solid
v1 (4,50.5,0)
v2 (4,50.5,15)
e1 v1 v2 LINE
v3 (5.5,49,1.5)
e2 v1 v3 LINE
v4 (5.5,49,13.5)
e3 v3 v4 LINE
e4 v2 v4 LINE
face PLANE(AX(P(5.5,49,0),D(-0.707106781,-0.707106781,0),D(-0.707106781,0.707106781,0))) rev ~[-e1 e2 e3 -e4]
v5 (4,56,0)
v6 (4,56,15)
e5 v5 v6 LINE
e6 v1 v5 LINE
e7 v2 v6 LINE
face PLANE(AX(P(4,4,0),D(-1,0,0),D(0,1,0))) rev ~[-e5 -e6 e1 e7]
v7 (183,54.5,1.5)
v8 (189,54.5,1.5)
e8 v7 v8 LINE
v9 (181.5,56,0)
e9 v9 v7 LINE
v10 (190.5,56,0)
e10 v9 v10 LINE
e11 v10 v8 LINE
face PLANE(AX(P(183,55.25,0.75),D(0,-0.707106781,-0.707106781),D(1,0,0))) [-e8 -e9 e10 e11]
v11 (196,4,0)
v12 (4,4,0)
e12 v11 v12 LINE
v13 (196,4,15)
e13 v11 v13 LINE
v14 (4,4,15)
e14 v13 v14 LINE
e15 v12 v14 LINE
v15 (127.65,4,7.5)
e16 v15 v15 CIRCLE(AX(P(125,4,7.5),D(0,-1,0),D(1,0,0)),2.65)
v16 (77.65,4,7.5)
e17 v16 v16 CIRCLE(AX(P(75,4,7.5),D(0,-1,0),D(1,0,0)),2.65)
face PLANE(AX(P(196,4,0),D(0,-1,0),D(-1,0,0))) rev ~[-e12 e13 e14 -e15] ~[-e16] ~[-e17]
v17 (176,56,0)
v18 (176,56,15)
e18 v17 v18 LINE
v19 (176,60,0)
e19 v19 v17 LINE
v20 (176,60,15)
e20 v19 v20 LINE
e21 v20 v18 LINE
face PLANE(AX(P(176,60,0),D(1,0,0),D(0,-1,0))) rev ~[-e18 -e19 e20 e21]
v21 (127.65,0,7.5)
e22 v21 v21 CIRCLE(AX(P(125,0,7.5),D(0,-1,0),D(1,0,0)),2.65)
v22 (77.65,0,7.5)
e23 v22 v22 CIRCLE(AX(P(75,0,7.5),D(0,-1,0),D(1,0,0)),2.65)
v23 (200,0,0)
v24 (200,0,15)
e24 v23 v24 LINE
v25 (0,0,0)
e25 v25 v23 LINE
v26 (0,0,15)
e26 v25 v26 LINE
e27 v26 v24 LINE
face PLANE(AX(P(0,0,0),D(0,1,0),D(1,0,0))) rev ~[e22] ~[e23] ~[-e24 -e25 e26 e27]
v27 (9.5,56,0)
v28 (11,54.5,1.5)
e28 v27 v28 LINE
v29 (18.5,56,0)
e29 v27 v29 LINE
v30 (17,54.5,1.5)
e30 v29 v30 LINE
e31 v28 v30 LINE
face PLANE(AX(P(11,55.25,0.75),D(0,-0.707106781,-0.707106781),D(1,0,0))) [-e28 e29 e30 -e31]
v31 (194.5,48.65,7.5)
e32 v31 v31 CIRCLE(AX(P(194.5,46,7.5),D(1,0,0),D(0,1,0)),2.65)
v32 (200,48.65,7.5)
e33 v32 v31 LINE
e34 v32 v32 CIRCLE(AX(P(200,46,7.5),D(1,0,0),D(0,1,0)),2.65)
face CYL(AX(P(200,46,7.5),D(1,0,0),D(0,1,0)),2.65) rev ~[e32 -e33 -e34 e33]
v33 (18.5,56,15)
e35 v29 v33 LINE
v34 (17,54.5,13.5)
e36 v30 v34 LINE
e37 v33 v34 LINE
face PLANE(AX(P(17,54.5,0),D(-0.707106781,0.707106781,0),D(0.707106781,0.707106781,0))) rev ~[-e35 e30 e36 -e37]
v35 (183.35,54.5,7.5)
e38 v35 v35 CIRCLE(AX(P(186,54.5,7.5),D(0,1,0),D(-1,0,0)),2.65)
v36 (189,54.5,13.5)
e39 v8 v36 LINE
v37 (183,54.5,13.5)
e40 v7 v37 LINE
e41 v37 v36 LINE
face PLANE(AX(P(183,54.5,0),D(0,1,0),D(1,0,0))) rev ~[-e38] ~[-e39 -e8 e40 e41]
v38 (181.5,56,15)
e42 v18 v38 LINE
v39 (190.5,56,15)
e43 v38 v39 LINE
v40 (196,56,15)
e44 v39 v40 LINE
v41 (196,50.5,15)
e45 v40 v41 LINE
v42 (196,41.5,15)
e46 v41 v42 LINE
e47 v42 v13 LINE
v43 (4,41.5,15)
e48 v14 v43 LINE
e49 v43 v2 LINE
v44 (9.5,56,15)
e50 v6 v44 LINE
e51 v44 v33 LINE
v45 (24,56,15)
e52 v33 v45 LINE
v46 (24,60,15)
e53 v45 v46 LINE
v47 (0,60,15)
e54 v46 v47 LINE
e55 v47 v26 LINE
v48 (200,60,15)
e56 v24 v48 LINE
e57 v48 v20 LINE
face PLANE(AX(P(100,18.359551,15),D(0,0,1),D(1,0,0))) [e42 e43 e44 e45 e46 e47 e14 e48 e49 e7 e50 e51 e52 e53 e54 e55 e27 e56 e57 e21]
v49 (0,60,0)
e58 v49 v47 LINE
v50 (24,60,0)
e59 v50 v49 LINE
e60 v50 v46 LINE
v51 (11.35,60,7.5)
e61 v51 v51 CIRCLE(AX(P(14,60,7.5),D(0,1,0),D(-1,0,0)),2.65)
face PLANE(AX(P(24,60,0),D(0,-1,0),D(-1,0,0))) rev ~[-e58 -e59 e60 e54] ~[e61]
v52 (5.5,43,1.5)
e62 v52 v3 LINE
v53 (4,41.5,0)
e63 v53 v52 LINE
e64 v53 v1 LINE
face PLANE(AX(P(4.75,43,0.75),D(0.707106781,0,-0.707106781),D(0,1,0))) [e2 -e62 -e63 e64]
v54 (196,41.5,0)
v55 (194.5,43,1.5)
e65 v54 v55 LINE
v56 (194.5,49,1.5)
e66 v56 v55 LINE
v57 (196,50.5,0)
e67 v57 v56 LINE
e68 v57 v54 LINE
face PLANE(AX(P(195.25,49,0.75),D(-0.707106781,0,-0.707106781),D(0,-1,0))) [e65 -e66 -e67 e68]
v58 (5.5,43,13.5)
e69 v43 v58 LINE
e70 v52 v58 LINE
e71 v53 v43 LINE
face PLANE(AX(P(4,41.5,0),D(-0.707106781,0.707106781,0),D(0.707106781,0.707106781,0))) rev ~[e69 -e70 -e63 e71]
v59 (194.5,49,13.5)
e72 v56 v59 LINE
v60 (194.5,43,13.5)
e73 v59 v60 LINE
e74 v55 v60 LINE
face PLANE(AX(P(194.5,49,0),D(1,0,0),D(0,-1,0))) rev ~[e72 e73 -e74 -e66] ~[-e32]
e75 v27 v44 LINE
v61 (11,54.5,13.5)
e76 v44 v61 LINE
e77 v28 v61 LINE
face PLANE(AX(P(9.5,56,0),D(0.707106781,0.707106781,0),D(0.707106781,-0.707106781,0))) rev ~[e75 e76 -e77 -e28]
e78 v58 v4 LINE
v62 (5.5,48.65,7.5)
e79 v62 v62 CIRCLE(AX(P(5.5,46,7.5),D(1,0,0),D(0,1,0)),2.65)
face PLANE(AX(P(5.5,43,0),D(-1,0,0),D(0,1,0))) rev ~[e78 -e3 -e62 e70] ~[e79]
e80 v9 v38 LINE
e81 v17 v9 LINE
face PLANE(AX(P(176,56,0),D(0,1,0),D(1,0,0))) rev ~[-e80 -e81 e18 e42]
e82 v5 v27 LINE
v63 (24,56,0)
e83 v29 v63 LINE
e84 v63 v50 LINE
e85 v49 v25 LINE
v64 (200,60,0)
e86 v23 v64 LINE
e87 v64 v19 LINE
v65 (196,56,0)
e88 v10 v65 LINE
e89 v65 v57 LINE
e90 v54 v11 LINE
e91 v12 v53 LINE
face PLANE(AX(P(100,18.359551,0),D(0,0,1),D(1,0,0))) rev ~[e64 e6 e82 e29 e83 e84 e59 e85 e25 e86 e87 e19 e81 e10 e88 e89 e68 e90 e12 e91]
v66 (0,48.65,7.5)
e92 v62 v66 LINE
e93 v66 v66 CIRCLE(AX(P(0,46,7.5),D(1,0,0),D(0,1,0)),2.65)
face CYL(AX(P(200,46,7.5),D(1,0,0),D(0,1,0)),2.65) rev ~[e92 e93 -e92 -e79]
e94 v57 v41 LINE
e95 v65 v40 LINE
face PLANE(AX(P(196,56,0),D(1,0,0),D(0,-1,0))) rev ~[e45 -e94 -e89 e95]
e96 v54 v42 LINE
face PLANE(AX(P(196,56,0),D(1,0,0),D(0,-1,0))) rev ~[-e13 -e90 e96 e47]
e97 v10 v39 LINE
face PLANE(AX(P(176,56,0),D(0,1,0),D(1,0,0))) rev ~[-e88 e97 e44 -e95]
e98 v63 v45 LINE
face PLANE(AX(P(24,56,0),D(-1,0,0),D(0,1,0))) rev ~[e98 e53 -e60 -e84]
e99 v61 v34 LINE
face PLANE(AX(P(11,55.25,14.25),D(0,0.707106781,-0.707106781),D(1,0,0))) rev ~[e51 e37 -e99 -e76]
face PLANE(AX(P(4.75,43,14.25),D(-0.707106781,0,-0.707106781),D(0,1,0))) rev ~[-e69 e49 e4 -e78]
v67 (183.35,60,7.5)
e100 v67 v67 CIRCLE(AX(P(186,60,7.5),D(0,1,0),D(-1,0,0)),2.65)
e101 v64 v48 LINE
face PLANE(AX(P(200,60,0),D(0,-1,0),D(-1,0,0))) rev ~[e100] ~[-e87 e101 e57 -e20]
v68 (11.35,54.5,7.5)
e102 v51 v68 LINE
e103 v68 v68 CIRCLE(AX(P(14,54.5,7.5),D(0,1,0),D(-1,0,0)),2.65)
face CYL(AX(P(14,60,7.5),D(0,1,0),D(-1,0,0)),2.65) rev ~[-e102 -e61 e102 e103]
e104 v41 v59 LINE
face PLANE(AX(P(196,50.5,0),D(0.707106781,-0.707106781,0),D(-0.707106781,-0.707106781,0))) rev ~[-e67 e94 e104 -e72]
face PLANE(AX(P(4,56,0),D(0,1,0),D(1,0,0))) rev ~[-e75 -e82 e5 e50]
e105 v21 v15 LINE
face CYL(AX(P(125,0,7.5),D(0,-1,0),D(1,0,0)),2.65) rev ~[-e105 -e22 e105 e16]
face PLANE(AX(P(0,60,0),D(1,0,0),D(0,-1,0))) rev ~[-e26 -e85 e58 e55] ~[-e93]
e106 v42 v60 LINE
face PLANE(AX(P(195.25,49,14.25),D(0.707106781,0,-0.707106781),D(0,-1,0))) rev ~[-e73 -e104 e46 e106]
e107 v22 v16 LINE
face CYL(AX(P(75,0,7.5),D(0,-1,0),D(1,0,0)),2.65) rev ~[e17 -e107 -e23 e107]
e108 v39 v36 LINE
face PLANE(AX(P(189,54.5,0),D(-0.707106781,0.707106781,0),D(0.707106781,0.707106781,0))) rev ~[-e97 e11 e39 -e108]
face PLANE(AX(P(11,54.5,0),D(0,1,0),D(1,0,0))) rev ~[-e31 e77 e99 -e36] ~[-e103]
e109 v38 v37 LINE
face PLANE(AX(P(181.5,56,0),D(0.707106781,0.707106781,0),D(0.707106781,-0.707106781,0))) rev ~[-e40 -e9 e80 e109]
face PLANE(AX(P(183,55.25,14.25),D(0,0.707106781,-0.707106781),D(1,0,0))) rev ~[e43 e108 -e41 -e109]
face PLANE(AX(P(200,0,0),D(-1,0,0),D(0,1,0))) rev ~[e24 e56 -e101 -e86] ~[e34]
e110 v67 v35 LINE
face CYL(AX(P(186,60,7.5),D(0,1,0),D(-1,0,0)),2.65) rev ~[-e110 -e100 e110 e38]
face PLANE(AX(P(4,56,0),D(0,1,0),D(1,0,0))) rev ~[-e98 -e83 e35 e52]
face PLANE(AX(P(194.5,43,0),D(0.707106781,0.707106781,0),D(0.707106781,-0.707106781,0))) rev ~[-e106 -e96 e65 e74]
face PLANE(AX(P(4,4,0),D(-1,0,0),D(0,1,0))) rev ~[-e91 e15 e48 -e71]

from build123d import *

# Parameters (mm, degrees)
F1_DEPTH  = 15
F3_DEPTH  = 15
F4_SIZE   = 1.5
F5_R      = 2.65
F6_DEPTH  = 4
F7_R      = 2.65
F8_DEPTH  = 200.001
F9_R      = 2.65
F10_DEPTH = 5.5


with BuildPart() as f1:
    # F0 (on Top) → F1 (new body)
    with BuildSketch(Plane.XY):
        Polygon((0, 60), (0, 0), (200, 0), (200, 60), (176, 60), (176, 56), (196, 56), (196, 4), (4, 4), (4, 56), (24, 56), (24, 60), align=None)
    extrude(amount=F1_DEPTH)

    # F2 (on Top) → F3 (join, through all)
    with BuildSketch(Plane.XY):
        Polygon((17, 54.5), (18.5, 56), (9.5, 56), (11, 54.5), align=None)
        Polygon((5.5, 49), (4, 50.5), (4, 41.5), (5.5, 43), align=None)
        Polygon((196, 41.5), (196, 50.5), (194.5, 49), (194.5, 43), align=None)
        Polygon((189, 54.5), (190.5, 56), (181.5, 56), (183, 54.5), align=None)
    extrude(amount=F3_DEPTH)

    # F4
    f4_edges = [f1.edges().sort_by_distance(p)[0] for p in [
        (5.5, 46, 15),
        (5.5, 46, 0),
        (14, 54.5, 0),
        (14, 54.5, 15),
        (186, 54.5, 15),
        (194.5, 46, 15),
        (194.5, 46, 0),
        (186, 54.5, 0),
    ]]
    chamfer(f4_edges, length=F4_SIZE)

    # F5 (on face) → F6 (cut, through all)
    with BuildSketch(Plane.XZ):
        with Locations((75, 7.5)):
            Circle(F5_R)
        with Locations((125, 7.5)):
            Circle(F5_R)
    extrude(amount=-F6_DEPTH, mode=Mode.SUBTRACT)

    # F7 (on face) → F8 (cut, through all)
    with BuildSketch(Plane.YZ.offset(200)):
        with Locations((46, 7.5)):
            Circle(F7_R)
    extrude(amount=-F8_DEPTH, mode=Mode.SUBTRACT)

    # F9 (on face) → F10 (cut, through all)
    with BuildSketch(Plane(origin=(0, 60, 0), x_dir=(-1, 0, 0), z_dir=(0, 1, 0))):
        with Locations((-186, 7.5)):
            Circle(F9_R)
        with Locations((-14, 7.5)):
            Circle(F9_R)
    extrude(amount=-F10_DEPTH, mode=Mode.SUBTRACT)


solid = f1.part
